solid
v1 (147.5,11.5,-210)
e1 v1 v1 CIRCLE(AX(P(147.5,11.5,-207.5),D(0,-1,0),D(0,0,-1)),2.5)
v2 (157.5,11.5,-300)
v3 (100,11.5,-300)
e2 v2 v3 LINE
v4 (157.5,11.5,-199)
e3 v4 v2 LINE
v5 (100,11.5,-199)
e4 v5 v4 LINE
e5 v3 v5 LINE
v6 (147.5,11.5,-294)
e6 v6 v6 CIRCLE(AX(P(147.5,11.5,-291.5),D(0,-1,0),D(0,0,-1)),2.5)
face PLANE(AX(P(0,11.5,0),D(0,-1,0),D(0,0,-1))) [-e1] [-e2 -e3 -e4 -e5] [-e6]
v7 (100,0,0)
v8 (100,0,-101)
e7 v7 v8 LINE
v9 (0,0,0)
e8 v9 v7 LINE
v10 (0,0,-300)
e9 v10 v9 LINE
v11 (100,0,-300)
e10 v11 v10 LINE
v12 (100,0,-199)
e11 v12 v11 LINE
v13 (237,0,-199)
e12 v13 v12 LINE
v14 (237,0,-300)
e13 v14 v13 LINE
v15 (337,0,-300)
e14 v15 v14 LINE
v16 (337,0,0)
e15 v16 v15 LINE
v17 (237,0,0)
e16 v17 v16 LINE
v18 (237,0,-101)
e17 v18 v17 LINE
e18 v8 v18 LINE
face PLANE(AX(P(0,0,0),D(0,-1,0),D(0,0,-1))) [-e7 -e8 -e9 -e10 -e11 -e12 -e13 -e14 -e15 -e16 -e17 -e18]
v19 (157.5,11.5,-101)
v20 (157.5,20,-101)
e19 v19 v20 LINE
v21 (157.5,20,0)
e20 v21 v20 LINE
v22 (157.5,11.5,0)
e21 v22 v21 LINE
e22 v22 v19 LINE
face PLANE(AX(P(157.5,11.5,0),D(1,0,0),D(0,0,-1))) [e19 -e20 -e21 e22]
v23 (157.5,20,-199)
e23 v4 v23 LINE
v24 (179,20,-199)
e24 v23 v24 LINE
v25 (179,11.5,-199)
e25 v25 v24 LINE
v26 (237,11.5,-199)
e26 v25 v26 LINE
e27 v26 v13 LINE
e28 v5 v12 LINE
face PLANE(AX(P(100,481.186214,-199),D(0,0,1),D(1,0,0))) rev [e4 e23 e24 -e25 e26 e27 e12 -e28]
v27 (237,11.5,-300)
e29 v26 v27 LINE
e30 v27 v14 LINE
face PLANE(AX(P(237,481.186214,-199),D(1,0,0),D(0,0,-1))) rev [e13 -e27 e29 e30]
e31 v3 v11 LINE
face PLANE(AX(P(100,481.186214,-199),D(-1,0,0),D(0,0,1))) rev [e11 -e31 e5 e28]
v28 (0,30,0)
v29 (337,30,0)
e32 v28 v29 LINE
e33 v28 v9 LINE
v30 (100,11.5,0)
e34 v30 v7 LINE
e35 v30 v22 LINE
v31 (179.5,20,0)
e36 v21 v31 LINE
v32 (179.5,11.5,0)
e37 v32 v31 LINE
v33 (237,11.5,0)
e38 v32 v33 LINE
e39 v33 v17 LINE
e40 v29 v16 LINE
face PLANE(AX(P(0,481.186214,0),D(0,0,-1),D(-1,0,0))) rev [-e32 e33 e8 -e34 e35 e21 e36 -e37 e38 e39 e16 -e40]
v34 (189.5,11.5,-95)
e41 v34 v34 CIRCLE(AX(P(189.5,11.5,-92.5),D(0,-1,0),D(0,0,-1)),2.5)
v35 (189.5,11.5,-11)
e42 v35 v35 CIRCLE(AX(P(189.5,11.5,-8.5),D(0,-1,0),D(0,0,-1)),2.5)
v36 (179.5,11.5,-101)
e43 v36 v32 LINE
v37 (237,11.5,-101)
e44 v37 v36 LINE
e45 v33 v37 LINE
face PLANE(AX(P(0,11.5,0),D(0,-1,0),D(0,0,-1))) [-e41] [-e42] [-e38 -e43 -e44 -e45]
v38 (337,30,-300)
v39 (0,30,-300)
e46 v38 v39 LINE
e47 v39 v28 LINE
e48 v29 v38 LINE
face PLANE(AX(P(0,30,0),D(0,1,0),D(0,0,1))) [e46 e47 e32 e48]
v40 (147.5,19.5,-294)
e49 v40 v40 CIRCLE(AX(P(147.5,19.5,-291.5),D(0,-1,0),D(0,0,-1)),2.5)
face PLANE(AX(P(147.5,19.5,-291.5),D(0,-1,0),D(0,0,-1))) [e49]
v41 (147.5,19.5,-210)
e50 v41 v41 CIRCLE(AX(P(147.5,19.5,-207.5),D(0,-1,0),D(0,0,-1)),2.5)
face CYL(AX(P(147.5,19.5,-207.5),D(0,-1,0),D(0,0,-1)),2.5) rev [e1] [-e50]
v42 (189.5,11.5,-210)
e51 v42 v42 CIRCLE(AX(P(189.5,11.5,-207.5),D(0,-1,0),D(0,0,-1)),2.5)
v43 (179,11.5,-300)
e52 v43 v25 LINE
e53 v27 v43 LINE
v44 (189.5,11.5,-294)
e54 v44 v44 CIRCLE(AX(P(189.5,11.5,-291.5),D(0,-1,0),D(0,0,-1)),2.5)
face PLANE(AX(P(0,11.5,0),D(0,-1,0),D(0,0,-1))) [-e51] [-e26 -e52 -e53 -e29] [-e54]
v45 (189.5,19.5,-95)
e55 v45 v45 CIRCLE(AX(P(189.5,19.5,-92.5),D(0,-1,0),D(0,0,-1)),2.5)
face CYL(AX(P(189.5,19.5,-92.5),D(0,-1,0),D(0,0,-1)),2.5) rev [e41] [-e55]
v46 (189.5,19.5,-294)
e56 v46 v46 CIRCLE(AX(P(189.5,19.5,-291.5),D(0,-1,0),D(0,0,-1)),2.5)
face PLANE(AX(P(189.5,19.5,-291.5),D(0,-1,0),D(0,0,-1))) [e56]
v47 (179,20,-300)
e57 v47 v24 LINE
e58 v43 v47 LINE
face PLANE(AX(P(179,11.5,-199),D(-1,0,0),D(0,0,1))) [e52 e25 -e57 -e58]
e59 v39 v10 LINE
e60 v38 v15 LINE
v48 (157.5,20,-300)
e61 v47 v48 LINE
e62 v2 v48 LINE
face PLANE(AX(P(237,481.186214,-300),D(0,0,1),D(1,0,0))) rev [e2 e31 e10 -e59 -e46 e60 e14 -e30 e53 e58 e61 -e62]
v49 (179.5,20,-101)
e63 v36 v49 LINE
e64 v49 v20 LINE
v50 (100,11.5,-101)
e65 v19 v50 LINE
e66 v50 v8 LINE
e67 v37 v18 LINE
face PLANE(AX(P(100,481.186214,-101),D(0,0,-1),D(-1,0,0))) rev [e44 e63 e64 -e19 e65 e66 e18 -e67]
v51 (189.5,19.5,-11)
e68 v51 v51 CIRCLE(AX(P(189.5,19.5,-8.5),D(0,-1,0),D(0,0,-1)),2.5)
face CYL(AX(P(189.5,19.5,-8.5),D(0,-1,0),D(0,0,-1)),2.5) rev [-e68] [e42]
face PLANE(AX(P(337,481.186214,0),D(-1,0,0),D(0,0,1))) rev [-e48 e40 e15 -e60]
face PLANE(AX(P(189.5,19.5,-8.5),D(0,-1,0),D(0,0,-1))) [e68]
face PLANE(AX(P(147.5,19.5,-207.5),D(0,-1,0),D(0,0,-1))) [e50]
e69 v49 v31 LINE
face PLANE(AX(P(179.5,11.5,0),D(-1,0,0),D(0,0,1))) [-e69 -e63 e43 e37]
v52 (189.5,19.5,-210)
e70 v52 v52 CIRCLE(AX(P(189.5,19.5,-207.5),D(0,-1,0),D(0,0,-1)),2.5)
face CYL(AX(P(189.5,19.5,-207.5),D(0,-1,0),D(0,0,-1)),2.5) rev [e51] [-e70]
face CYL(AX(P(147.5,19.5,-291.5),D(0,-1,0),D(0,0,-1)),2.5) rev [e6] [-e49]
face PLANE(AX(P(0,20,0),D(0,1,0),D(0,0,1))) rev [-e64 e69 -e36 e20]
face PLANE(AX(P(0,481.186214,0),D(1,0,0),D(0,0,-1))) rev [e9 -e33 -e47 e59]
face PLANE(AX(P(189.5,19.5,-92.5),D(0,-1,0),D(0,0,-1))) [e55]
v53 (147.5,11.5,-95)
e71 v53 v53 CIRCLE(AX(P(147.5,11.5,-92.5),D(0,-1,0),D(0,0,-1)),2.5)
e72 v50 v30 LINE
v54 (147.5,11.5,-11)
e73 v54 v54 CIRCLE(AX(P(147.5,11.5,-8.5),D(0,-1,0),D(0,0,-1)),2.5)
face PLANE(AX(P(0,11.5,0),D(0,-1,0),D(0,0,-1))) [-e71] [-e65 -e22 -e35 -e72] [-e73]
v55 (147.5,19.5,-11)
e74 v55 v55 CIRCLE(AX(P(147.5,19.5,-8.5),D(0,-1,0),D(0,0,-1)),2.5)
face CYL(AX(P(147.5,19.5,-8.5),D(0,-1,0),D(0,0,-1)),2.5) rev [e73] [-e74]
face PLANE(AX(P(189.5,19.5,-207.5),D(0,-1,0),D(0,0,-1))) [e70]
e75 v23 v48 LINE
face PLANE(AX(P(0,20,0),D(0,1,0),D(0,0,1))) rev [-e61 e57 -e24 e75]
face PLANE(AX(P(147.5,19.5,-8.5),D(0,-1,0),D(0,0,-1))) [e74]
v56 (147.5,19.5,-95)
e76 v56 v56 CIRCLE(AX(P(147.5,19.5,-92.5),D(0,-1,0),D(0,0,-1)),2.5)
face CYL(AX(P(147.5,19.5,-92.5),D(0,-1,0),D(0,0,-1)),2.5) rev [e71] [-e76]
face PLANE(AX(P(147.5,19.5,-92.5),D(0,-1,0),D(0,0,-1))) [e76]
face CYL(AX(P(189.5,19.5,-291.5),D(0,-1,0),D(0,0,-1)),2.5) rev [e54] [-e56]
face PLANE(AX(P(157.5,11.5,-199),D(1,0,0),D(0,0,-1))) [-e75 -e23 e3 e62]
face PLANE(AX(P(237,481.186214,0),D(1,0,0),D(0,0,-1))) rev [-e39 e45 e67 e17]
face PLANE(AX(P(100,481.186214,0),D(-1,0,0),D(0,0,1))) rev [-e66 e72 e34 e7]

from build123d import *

# Parameters (mm, degrees)
BOSS_EXTRUDE3_DEPTH = 30
SKETCH8_W           = 137
SKETCH8_H           = 101
BOSS_EXTRUDE5_DEPTH = 10
SKETCH9_W           = 57.5
SKETCH9_H           = 101
BOSS_EXTRUDE6_DEPTH = 8.5
SKETCH10_W          = 57.5
SKETCH10_H          = 101
SKETCH10_W_2        = 58
BOSS_EXTRUDE7_DEPTH = 8.5
SKETCH13_R          = 2.5
CUT_EXTRUDE1_DEPTH  = 8
SKETCH14_R          = 2.5
CUT_EXTRUDE2_DEPTH  = 8
SKETCH15_R          = 2.5
CUT_EXTRUDE3_DEPTH  = 8
SKETCH16_R          = 2.5
CUT_EXTRUDE4_DEPTH  = 8


with BuildPart() as part:
    # Sketch5 → Boss-Extrude3 (new body)
    with BuildSketch(Plane(origin=(0, 0, 0), x_dir=(1, 0, 0), z_dir=(0, 1, 0))):
        Polygon((100, 199), (100, 300), (0, 300), (0, 0), (100, 0), (100, 101), (237, 101), (237, 0), (337, 0), (337, 300), (237, 300), (237, 199), align=None)
    extrude(amount=BOSS_EXTRUDE3_DEPTH)

    # Sketch8 → Boss-Extrude5 (add)
    with BuildSketch(Plane(origin=(0, 30, 0), x_dir=(1, 0, 0), z_dir=(0, 1, 0))):
        with Locations((168.5, 249.5)):
            Rectangle(SKETCH8_W, SKETCH8_H)
        with Locations((168.5, 50.5)):
            Rectangle(SKETCH8_W, SKETCH8_H)
    extrude(amount=-BOSS_EXTRUDE5_DEPTH)

    # Sketch9 → Boss-Extrude6 (add)
    with BuildSketch(Plane(origin=(0, 20, 0), x_dir=(1, 0, 0), z_dir=(0, 1, 0))):
        with Locations((128.75, 50.5)):
            Rectangle(SKETCH9_W, SKETCH9_H)
        with Locations((208.25, 50.5)):
            Rectangle(SKETCH9_W, SKETCH9_H)
    extrude(amount=-BOSS_EXTRUDE6_DEPTH)

    # Sketch10 → Boss-Extrude7 (add)
    with BuildSketch(Plane(origin=(0, 20, 0), x_dir=(1, 0, 0), z_dir=(0, 1, 0))):
        with Locations((128.75, 249.5)):
            Rectangle(SKETCH10_W, SKETCH10_H)
        with Locations((208, 249.5)):
            Rectangle(SKETCH10_W_2, SKETCH10_H)
    extrude(amount=-BOSS_EXTRUDE7_DEPTH)

    # Sketch13 → Cut-Extrude1 (cut)
    with BuildSketch(Plane.XZ.offset(-11.5)):
        with Locations((147.5, -8.5)):
            Circle(SKETCH13_R)
        with Locations((147.5, -92.5)):
            Circle(SKETCH13_R)
    extrude(amount=-CUT_EXTRUDE1_DEPTH, mode=Mode.SUBTRACT)

    # Sketch14 → Cut-Extrude2 (cut)
    with BuildSketch(Plane.XZ.offset(-11.5)):
        with Locations((189.5, -8.5)):
            Circle(SKETCH14_R)
        with Locations((189.5, -92.5)):
            Circle(SKETCH14_R)
    extrude(amount=-CUT_EXTRUDE2_DEPTH, mode=Mode.SUBTRACT)

    # Sketch15 → Cut-Extrude3 (cut)
    with BuildSketch(Plane.XZ.offset(-11.5)):
        with Locations((147.5, -207.5)):
            Circle(SKETCH15_R)
        with Locations((147.5, -291.5)):
            Circle(SKETCH15_R)
    extrude(amount=-CUT_EXTRUDE3_DEPTH, mode=Mode.SUBTRACT)

    # Sketch16 → Cut-Extrude4 (cut)
    with BuildSketch(Plane.XZ.offset(-11.5)):
        with Locations((189.5, -207.5)):
            Circle(SKETCH16_R)
        with Locations((189.5, -291.5)):
            Circle(SKETCH16_R)
    extrude(amount=-CUT_EXTRUDE4_DEPTH, mode=Mode.SUBTRACT)


solid = part.part
